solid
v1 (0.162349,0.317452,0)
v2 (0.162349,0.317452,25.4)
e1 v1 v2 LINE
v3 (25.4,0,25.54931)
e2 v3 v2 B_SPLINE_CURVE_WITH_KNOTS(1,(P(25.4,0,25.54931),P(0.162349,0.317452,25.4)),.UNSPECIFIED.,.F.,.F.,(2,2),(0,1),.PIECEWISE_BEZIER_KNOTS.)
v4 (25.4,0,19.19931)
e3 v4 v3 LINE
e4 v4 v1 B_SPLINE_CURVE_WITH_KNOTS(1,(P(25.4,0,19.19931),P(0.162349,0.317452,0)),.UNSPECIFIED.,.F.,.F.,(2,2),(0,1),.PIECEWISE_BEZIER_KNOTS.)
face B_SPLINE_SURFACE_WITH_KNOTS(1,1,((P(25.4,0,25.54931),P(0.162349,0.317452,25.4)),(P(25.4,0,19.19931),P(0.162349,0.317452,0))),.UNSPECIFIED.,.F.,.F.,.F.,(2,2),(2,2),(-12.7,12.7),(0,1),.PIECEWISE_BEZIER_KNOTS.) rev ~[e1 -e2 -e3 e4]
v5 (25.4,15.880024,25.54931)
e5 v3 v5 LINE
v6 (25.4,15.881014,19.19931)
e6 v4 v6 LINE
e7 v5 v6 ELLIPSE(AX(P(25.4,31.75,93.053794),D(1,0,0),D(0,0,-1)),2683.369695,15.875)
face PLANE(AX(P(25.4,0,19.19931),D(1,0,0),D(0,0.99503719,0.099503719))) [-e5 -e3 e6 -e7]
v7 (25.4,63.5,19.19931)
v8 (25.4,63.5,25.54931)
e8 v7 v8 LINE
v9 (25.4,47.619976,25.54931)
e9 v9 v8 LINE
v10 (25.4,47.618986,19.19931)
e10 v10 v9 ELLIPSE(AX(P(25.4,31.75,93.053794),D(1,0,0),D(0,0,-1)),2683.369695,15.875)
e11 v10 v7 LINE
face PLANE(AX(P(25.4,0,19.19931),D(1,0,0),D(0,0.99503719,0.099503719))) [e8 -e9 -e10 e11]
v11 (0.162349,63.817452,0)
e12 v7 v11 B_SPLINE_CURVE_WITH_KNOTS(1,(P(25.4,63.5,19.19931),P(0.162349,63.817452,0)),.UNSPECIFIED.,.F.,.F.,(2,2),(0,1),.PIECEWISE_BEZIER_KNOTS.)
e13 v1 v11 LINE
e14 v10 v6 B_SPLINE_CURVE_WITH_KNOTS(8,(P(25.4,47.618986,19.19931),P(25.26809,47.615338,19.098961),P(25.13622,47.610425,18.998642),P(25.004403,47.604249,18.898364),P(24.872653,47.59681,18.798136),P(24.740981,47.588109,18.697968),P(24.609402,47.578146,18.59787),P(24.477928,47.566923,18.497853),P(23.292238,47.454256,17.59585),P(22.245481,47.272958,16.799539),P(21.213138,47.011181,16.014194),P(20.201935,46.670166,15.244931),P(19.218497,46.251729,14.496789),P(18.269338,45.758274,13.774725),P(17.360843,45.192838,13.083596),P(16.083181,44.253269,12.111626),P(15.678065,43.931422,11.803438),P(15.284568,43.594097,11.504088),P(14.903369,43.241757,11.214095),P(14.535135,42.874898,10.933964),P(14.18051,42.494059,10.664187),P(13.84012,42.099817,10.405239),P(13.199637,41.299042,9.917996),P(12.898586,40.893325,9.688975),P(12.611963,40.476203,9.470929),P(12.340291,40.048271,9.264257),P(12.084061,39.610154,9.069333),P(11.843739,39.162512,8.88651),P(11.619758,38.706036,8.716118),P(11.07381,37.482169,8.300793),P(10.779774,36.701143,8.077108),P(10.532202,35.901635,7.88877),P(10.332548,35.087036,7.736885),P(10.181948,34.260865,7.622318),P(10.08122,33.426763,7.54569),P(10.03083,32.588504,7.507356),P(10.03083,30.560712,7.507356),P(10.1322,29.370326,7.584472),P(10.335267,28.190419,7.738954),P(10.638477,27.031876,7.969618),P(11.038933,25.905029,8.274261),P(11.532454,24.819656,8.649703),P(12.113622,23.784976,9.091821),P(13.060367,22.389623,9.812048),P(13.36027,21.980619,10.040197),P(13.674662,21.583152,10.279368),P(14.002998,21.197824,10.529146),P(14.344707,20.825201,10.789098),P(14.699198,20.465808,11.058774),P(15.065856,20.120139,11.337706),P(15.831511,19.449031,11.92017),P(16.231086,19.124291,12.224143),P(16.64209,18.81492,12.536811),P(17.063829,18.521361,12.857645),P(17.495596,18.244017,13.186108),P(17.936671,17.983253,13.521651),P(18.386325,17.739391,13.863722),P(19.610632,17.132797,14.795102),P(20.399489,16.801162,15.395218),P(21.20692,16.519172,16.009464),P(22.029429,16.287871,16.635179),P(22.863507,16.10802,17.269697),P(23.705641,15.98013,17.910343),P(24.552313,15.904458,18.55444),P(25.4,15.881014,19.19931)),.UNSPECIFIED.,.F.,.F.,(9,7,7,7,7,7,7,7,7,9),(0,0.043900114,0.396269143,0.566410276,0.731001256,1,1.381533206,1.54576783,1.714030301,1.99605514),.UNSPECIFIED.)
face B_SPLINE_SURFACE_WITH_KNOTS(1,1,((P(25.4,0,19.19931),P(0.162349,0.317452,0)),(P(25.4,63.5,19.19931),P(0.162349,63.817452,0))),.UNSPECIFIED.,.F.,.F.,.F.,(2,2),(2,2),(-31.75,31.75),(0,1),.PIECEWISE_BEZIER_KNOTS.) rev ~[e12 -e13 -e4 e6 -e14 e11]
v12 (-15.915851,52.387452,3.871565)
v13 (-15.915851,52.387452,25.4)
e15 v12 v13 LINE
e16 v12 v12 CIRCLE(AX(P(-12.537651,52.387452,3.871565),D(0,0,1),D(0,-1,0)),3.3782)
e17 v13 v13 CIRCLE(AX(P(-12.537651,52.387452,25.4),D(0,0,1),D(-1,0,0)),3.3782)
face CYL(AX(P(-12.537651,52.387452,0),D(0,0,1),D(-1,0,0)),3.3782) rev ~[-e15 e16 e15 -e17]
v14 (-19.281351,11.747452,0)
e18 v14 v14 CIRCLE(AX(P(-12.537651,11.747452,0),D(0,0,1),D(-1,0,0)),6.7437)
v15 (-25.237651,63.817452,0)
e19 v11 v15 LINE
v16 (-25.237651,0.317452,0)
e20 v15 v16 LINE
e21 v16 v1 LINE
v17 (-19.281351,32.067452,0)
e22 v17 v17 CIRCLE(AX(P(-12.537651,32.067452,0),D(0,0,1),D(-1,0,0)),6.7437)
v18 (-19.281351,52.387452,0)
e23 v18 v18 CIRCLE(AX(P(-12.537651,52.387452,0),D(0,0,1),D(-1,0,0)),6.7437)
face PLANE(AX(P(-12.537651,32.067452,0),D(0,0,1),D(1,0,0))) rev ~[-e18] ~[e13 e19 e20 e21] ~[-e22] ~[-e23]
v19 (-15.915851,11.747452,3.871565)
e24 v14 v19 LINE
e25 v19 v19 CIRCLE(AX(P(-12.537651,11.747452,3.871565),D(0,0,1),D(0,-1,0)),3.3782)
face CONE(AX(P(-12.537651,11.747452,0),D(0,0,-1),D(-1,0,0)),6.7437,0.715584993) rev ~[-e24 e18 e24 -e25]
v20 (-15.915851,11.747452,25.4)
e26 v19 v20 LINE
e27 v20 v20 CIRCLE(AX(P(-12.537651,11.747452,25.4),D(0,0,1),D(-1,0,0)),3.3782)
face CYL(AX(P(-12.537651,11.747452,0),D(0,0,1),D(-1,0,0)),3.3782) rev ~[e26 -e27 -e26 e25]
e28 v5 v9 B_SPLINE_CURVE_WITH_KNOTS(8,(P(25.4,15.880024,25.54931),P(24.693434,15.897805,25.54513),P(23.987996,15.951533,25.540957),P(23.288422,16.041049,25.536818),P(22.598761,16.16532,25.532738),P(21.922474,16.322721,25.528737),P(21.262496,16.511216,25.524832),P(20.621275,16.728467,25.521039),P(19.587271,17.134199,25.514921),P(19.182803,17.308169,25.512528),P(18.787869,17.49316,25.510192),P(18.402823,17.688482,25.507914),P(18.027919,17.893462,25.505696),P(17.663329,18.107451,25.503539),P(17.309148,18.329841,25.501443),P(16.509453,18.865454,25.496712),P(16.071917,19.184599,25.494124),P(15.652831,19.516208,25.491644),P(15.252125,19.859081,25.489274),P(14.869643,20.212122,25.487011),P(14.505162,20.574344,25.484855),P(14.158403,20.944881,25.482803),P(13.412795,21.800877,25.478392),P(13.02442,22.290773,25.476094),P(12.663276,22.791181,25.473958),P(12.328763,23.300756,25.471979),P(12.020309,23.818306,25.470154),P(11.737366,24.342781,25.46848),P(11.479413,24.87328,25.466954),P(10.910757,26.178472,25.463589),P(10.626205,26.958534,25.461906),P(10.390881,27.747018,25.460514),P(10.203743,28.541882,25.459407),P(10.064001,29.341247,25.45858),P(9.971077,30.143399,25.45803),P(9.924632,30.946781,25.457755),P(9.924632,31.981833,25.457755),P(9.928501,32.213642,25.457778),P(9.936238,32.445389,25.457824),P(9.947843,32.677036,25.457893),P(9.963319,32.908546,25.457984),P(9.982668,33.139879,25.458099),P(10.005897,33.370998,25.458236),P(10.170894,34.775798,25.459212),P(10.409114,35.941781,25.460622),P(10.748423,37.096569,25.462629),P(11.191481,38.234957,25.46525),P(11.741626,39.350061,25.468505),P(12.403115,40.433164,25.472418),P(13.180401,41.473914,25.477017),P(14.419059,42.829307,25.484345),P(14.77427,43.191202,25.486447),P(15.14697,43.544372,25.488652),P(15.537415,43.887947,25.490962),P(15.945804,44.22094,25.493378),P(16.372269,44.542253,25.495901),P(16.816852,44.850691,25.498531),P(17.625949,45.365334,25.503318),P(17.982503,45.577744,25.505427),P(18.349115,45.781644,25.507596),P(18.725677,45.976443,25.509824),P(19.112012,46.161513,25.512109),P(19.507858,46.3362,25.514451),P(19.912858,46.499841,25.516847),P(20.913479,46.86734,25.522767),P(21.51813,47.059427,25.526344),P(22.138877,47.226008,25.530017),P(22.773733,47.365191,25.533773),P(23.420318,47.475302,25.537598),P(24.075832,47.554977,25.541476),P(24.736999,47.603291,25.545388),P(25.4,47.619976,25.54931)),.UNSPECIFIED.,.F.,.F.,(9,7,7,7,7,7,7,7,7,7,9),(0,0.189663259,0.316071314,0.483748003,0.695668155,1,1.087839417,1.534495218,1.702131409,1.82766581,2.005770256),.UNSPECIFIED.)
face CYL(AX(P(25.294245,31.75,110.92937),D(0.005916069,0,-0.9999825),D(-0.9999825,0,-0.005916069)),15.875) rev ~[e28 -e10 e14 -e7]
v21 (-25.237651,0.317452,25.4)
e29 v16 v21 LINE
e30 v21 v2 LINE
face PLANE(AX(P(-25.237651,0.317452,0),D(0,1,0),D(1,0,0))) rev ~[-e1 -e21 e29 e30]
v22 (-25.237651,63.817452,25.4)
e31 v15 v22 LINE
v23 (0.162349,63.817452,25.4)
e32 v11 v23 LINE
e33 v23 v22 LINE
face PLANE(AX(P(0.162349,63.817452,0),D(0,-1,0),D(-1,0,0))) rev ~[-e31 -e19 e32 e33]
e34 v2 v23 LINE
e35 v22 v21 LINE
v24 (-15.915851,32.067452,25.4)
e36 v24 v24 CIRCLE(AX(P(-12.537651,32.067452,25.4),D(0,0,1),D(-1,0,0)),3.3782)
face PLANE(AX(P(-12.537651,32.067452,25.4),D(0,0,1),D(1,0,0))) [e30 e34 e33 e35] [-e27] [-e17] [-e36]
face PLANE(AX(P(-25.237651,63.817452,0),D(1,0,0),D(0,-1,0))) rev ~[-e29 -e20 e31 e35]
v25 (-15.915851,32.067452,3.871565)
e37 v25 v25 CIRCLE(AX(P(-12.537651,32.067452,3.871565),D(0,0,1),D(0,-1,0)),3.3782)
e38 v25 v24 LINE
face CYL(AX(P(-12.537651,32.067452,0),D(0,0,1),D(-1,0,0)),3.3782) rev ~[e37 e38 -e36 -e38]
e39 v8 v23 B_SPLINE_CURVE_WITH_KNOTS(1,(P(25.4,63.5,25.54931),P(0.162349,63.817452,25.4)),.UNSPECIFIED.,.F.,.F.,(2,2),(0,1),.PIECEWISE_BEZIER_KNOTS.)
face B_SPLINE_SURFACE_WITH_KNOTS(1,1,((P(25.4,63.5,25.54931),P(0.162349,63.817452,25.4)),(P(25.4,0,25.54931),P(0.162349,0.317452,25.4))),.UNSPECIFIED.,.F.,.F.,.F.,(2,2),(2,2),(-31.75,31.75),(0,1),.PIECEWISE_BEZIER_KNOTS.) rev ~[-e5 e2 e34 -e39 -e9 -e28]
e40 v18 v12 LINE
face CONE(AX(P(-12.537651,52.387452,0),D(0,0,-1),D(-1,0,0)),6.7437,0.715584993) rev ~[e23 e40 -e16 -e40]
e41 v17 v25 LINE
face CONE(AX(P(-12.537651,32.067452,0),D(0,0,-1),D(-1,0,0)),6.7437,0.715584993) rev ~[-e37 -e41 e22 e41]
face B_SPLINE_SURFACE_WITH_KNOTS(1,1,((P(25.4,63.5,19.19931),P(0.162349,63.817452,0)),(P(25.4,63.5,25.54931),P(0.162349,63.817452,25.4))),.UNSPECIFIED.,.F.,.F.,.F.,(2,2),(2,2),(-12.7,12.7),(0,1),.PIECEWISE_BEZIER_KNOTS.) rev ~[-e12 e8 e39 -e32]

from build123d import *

# Parameters (mm, degrees)
F1_DEPTH       = 25.4
F2_D           = 6.7564
F2_CSINK_D     = 13.4874
F2_CSINK_ANGLE = 82
F4_W           = 63.5
F4_H           = 6.35
F1_FACE_W      = 63.5
F1_FACE_H      = 25.4
F7_D           = 31.75


with BuildPart() as f1:
    # F0 (on Top) → F1 (new body)
    with BuildSketch(Plane.XY):
        Polygon((0.1623489741, 63.8174524204), (-25.2376510259, 63.8174524204), (-25.2376510259, 0.3174524204), (-12.5376510259, 0.3174524204), (0.1623489741, 0.3174524204), align=None)
    extrude(amount=F1_DEPTH)

    # F2 (through all)
    with Locations(Plane(origin=(0, 0, 0), x_dir=(1, 0, 0), z_dir=(0, 0, -1))):
        with Locations((-12.5376510259, -11.7474524204), (-12.5376510259, -32.0674524204), (-12.5376510259, -52.3874524204)):
            CounterSinkHole(F2_D / 2, F2_CSINK_D / 2, counter_sink_angle=F2_CSINK_ANGLE)

    # F4 (on offset) → F5 section 0
    with BuildSketch(Plane.YZ.offset(25.4)):
        with Locations((31.75, 22.3743102956)):
            Rectangle(F4_W, F4_H)
    # F1_face (on face) → F5 section 1
    with BuildSketch(Plane(origin=(0.1623489741, 32.0674524204, 12.7), x_dir=(0, 1, 0), z_dir=(1, 0, 0))):
        Rectangle(F1_FACE_W, F1_FACE_H)
    loft()

    # F7 (through all)
    with Locations(Plane(origin=(-0.1502598385, 0, 25.3981505524), x_dir=(0.9999824999, 0, 0.0059160689), z_dir=(-0.0059160689, 0, 0.9999824999))):
        with Locations((25.9500681529, 31.75)):
            Hole(F7_D / 2)


solid = f1.part
